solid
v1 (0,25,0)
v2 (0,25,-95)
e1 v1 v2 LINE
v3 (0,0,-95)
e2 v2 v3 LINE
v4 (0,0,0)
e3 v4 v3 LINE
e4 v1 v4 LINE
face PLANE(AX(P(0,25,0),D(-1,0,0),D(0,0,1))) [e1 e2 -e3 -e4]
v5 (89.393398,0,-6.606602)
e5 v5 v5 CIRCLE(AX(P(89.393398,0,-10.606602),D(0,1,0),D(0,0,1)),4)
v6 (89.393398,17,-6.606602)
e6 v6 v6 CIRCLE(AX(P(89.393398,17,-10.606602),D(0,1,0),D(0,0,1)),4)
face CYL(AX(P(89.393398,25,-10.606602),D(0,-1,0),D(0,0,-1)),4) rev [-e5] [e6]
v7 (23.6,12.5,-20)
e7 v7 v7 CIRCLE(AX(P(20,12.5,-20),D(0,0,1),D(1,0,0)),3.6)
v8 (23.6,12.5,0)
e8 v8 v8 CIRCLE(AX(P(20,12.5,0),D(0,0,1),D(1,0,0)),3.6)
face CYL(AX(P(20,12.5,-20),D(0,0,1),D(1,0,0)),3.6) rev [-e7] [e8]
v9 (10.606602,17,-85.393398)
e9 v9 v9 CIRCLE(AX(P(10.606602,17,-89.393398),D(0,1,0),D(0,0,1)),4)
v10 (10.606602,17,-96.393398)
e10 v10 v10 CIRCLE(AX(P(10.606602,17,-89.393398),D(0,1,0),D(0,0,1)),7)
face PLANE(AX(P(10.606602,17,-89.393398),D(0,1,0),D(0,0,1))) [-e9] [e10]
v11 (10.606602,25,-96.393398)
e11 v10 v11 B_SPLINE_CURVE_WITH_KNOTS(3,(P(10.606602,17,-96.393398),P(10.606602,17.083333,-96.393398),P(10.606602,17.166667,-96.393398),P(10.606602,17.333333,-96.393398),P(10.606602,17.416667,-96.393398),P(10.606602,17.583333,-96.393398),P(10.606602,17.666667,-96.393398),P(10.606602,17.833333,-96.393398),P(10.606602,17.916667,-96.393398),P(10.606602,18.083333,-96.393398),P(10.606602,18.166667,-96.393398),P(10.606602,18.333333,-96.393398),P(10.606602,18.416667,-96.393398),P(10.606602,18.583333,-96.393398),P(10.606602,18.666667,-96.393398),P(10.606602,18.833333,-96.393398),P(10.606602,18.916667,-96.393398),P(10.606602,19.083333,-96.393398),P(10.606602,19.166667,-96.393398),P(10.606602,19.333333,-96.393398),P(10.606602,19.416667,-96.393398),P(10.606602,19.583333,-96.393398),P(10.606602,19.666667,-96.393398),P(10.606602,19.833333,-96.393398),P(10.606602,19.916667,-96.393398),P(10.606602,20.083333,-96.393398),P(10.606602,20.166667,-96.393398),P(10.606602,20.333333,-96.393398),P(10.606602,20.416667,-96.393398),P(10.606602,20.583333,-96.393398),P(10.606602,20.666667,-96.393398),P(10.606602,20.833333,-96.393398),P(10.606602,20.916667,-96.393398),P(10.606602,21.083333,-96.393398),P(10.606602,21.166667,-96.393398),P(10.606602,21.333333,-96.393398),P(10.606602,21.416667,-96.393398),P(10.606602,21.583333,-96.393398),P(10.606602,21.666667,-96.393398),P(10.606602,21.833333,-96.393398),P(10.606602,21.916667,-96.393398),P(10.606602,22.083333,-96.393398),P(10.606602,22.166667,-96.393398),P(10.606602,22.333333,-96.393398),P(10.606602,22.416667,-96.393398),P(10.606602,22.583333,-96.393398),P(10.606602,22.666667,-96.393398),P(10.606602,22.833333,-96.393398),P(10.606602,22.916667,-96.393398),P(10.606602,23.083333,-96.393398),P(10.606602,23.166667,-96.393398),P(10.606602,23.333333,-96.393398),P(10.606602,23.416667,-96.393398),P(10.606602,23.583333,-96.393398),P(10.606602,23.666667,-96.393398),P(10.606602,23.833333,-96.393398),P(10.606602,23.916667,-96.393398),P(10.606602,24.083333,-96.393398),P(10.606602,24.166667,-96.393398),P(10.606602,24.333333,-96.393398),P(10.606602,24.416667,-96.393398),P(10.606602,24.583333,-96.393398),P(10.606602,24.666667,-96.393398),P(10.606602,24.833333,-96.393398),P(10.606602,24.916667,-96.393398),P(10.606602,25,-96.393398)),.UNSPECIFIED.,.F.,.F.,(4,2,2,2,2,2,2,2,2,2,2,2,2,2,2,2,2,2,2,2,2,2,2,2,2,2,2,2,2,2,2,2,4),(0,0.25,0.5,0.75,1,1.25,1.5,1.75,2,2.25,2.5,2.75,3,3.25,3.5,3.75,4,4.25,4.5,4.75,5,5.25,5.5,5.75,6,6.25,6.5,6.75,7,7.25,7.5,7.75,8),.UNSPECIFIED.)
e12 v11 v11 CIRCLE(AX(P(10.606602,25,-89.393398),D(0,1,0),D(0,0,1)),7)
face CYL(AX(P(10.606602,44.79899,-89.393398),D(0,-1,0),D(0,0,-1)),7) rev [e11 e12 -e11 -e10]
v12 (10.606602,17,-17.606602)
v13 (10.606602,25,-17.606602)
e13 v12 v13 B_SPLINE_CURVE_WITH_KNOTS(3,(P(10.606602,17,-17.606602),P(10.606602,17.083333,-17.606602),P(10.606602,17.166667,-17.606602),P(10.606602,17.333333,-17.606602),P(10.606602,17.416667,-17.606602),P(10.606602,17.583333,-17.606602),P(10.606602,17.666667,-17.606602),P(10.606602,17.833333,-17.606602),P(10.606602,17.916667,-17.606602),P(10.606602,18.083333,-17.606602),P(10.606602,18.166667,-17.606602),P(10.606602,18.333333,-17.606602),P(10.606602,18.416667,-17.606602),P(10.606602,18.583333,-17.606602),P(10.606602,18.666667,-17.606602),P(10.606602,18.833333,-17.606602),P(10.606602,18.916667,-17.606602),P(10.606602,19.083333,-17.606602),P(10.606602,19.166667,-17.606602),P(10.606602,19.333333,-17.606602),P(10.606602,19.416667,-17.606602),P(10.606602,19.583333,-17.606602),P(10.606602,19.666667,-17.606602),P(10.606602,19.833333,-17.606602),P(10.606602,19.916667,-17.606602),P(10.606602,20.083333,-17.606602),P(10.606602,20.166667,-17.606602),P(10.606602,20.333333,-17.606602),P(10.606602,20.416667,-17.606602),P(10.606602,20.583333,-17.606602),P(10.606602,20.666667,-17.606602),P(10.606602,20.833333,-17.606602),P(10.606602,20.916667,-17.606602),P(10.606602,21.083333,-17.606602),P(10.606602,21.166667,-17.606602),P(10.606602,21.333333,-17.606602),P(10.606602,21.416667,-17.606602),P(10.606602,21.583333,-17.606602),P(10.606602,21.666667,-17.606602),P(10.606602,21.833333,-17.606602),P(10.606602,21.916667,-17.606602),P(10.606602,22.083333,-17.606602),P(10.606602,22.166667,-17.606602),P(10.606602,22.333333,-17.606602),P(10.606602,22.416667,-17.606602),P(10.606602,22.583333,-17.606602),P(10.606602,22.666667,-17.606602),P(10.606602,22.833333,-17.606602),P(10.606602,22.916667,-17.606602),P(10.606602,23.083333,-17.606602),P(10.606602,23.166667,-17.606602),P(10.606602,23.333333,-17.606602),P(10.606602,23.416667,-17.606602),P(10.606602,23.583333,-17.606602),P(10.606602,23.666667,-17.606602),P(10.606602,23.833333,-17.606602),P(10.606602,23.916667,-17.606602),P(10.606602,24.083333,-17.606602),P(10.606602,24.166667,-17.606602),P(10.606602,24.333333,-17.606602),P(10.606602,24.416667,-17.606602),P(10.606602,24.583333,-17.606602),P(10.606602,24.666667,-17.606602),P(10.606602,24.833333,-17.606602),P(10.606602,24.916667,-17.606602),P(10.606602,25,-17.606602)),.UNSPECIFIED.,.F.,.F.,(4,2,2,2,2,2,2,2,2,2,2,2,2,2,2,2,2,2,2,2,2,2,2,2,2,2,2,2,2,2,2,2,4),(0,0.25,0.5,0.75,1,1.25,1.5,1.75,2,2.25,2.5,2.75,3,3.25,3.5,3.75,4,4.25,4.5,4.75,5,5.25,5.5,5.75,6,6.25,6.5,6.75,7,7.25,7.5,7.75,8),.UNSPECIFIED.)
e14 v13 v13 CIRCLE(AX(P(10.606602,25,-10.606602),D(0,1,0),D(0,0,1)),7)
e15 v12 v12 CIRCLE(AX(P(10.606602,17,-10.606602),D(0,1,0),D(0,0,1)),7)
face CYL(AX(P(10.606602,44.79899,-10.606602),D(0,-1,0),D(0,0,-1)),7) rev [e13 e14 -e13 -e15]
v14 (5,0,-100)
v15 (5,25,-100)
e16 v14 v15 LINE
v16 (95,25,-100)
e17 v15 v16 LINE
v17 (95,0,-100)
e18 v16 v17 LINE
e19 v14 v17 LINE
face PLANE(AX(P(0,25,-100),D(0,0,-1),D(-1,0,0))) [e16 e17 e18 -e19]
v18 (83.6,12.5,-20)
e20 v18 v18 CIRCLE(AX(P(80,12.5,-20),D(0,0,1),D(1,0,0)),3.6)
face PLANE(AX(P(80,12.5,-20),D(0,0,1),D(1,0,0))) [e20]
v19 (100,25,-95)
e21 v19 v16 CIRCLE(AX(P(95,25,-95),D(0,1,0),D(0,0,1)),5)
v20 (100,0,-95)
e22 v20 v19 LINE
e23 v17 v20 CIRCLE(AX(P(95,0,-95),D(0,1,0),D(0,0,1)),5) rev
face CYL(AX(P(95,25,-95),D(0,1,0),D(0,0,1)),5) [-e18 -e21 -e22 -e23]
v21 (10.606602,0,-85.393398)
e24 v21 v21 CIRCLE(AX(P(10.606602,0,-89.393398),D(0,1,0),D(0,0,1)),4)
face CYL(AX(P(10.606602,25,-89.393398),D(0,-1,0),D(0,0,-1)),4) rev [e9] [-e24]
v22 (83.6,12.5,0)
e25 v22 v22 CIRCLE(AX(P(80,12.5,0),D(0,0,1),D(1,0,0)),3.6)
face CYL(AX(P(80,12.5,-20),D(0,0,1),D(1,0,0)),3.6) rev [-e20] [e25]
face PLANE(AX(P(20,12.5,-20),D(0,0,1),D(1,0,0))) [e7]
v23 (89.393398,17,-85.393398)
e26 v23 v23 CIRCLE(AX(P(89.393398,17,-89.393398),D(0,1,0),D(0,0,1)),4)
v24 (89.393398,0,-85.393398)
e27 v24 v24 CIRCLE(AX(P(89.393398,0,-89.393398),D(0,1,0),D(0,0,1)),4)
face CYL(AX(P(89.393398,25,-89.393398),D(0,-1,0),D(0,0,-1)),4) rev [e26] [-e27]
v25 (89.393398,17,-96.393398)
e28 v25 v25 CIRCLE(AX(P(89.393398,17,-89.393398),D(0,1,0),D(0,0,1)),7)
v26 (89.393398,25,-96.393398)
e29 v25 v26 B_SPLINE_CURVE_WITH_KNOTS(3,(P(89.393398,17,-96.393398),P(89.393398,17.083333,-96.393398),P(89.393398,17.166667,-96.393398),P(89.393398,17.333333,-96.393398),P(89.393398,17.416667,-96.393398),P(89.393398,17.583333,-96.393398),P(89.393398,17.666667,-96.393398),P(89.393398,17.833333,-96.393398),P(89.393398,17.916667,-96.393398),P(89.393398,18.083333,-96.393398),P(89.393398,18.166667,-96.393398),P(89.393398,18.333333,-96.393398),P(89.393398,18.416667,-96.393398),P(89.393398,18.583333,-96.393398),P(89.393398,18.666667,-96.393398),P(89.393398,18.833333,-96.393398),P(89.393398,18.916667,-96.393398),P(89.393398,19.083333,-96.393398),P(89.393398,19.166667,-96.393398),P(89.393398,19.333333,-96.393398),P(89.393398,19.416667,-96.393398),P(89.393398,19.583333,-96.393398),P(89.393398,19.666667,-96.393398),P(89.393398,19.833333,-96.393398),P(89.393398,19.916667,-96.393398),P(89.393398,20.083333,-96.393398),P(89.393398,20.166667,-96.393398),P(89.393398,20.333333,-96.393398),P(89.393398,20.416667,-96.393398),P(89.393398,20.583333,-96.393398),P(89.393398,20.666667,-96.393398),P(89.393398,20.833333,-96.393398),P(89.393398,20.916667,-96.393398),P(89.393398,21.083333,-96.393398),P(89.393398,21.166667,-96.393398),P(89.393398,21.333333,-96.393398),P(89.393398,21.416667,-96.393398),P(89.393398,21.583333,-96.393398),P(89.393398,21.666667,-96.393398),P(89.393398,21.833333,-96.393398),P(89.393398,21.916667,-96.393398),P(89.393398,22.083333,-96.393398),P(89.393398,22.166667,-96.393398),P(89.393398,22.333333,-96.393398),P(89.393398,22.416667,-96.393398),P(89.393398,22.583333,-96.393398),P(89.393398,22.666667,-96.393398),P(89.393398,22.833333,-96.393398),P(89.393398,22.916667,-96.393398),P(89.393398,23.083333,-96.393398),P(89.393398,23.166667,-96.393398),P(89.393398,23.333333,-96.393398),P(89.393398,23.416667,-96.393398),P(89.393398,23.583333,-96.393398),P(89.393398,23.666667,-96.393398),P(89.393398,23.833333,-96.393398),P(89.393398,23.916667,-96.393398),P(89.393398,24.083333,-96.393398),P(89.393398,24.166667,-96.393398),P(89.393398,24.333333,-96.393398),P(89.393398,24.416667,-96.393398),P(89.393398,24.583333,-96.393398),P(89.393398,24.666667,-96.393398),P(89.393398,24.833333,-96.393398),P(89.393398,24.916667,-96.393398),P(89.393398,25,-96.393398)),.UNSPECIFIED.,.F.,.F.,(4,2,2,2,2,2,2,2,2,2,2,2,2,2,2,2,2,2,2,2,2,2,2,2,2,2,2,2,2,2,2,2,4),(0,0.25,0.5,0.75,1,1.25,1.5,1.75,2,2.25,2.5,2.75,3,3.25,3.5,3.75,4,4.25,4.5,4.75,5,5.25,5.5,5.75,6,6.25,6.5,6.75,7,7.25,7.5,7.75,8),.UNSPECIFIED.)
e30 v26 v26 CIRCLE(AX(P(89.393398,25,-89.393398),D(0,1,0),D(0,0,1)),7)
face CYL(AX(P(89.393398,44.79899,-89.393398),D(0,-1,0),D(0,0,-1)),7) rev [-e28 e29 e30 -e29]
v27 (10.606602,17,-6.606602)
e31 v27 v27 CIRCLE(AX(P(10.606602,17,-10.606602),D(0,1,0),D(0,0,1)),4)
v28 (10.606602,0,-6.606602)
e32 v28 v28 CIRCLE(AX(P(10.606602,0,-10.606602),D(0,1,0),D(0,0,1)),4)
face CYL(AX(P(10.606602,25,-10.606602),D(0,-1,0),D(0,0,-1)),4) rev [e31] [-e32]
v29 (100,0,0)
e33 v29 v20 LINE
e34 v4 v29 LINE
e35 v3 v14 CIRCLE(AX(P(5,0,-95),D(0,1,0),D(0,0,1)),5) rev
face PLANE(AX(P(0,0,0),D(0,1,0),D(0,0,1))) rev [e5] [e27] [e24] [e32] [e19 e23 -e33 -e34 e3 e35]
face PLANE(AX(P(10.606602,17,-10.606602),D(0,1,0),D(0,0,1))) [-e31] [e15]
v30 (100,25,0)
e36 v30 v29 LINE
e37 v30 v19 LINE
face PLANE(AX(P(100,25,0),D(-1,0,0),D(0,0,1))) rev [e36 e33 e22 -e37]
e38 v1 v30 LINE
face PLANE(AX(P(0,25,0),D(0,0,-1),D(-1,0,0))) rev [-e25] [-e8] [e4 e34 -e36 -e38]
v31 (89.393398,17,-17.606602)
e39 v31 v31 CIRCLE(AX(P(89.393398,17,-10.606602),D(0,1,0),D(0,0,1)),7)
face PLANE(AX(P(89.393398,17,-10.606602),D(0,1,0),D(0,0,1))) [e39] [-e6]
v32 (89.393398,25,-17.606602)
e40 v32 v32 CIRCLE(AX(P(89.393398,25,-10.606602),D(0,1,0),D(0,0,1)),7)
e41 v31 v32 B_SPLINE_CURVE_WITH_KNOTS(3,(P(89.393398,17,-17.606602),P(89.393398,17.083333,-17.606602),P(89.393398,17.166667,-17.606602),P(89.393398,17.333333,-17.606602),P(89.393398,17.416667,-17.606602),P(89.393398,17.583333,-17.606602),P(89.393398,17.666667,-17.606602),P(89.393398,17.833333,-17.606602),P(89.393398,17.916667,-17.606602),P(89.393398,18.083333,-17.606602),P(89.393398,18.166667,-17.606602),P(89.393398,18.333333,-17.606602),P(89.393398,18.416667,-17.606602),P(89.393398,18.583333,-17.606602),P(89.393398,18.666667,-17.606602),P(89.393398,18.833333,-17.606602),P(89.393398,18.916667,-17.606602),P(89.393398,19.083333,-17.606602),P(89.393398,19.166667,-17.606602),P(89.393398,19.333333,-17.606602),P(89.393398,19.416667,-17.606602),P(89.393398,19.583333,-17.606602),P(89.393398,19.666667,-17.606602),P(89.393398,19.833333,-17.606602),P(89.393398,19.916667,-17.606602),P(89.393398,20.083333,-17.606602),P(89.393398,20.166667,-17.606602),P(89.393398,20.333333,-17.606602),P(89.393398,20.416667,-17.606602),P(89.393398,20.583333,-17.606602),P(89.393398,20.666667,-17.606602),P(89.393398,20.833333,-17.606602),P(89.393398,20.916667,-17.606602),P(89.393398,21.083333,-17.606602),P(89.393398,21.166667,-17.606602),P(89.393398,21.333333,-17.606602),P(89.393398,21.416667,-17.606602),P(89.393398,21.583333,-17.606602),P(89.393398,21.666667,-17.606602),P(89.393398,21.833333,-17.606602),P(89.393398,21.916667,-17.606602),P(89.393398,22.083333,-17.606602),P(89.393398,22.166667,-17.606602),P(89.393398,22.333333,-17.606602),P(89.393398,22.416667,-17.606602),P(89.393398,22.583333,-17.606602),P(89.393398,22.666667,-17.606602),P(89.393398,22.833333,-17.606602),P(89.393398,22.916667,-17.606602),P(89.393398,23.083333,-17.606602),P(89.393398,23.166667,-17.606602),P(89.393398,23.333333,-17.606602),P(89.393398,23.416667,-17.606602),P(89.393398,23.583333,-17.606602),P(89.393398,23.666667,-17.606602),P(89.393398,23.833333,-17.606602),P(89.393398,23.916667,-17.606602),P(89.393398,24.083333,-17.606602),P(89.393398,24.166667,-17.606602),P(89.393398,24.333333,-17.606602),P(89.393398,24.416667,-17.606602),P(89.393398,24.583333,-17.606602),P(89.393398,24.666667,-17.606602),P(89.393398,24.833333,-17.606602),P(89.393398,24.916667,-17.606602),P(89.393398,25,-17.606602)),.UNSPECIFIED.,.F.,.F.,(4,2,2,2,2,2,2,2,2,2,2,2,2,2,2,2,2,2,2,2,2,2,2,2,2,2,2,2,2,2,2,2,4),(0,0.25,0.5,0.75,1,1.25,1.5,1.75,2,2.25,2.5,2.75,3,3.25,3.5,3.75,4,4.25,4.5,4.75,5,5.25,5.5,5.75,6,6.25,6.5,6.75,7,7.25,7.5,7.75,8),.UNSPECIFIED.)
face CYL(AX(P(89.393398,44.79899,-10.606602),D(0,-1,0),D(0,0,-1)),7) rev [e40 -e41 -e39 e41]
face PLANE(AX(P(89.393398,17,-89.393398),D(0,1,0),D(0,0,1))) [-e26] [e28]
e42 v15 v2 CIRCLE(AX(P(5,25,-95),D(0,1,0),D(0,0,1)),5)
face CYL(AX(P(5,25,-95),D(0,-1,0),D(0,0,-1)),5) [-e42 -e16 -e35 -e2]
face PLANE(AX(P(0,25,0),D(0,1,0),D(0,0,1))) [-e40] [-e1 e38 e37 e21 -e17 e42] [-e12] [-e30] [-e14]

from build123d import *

# Parameters (mm, degrees)
SKETCH1_W           = 100
SKETCH1_H           = 100
SKETCH1_R           = 4
BOSS_EXTRUDE1_DEPTH = 25
SKETCH2_R           = 3.6
CUT_EXTRUDE1_DEPTH  = 20
FILLET1_R           = 5
CUT_EXTRUDE3_START  = 17
SKETCH1_3_R         = 7
CUT_EXTRUDE3_DEPTH  = 8


with BuildPart() as part:
    # Sketch1 → Boss-Extrude1 (new body)
    with BuildSketch(Plane(origin=(0, 0, 0), x_dir=(1, 0, 0), z_dir=(0, 1, 0))):
        with Locations((50, 50)):
            Rectangle(SKETCH1_W, SKETCH1_H)
        with Locations(Location((10.606601718, 89.393398282, 0), (0, 0, 270))):
            Circle(SKETCH1_R, mode=Mode.SUBTRACT)
        with Locations(Location((89.393398282, 89.393398282, 0), (0, 0, 270))):
            Circle(SKETCH1_R, mode=Mode.SUBTRACT)
        with Locations(Location((89.393398282, 10.606601718, 0), (0, 0, 270))):
            Circle(SKETCH1_R, mode=Mode.SUBTRACT)
        with Locations(Location((10.606601718, 10.606601718, 0), (0, 0, 270))):
            Circle(SKETCH1_R, mode=Mode.SUBTRACT)
    extrude(amount=BOSS_EXTRUDE1_DEPTH)

    # Sketch2 → Cut-Extrude1 (cut)
    with BuildSketch(Plane.XY):
        with Locations((20, 12.5)):
            Circle(SKETCH2_R)
        with Locations((80, 12.5)):
            Circle(SKETCH2_R)
    extrude(amount=-CUT_EXTRUDE1_DEPTH, mode=Mode.SUBTRACT)

    # Fillet1
    fillet1_edges = [part.edges().sort_by_distance(p)[0] for p in [
        (100, 12.5, -100),
        (0, 12.5, -100),
    ]]
    fillet(fillet1_edges, radius=FILLET1_R)

    # Sketch1<3> → Cut-Extrude3 (cut)
    with BuildSketch(Plane(origin=(0, 0, 0), x_dir=(1, 0, 0), z_dir=(0, 1, 0)).offset(CUT_EXTRUDE3_START)):
        with Locations(Location((10.606601718, 89.393398282, 0), (0, 0, 90))):
            Circle(SKETCH1_3_R)
        with Locations(Location((89.393398282, 89.393398282, 0), (0, 0, 90))):
            Circle(SKETCH1_3_R)
        with Locations(Location((10.606601718, 10.606601718, 0), (0, 0, 90))):
            Circle(SKETCH1_3_R)
        with Locations(Location((89.393398282, 10.606601718, 0), (0, 0, 90))):
            Circle(SKETCH1_3_R)
    extrude(amount=CUT_EXTRUDE3_DEPTH, mode=Mode.SUBTRACT)


solid = part.part
